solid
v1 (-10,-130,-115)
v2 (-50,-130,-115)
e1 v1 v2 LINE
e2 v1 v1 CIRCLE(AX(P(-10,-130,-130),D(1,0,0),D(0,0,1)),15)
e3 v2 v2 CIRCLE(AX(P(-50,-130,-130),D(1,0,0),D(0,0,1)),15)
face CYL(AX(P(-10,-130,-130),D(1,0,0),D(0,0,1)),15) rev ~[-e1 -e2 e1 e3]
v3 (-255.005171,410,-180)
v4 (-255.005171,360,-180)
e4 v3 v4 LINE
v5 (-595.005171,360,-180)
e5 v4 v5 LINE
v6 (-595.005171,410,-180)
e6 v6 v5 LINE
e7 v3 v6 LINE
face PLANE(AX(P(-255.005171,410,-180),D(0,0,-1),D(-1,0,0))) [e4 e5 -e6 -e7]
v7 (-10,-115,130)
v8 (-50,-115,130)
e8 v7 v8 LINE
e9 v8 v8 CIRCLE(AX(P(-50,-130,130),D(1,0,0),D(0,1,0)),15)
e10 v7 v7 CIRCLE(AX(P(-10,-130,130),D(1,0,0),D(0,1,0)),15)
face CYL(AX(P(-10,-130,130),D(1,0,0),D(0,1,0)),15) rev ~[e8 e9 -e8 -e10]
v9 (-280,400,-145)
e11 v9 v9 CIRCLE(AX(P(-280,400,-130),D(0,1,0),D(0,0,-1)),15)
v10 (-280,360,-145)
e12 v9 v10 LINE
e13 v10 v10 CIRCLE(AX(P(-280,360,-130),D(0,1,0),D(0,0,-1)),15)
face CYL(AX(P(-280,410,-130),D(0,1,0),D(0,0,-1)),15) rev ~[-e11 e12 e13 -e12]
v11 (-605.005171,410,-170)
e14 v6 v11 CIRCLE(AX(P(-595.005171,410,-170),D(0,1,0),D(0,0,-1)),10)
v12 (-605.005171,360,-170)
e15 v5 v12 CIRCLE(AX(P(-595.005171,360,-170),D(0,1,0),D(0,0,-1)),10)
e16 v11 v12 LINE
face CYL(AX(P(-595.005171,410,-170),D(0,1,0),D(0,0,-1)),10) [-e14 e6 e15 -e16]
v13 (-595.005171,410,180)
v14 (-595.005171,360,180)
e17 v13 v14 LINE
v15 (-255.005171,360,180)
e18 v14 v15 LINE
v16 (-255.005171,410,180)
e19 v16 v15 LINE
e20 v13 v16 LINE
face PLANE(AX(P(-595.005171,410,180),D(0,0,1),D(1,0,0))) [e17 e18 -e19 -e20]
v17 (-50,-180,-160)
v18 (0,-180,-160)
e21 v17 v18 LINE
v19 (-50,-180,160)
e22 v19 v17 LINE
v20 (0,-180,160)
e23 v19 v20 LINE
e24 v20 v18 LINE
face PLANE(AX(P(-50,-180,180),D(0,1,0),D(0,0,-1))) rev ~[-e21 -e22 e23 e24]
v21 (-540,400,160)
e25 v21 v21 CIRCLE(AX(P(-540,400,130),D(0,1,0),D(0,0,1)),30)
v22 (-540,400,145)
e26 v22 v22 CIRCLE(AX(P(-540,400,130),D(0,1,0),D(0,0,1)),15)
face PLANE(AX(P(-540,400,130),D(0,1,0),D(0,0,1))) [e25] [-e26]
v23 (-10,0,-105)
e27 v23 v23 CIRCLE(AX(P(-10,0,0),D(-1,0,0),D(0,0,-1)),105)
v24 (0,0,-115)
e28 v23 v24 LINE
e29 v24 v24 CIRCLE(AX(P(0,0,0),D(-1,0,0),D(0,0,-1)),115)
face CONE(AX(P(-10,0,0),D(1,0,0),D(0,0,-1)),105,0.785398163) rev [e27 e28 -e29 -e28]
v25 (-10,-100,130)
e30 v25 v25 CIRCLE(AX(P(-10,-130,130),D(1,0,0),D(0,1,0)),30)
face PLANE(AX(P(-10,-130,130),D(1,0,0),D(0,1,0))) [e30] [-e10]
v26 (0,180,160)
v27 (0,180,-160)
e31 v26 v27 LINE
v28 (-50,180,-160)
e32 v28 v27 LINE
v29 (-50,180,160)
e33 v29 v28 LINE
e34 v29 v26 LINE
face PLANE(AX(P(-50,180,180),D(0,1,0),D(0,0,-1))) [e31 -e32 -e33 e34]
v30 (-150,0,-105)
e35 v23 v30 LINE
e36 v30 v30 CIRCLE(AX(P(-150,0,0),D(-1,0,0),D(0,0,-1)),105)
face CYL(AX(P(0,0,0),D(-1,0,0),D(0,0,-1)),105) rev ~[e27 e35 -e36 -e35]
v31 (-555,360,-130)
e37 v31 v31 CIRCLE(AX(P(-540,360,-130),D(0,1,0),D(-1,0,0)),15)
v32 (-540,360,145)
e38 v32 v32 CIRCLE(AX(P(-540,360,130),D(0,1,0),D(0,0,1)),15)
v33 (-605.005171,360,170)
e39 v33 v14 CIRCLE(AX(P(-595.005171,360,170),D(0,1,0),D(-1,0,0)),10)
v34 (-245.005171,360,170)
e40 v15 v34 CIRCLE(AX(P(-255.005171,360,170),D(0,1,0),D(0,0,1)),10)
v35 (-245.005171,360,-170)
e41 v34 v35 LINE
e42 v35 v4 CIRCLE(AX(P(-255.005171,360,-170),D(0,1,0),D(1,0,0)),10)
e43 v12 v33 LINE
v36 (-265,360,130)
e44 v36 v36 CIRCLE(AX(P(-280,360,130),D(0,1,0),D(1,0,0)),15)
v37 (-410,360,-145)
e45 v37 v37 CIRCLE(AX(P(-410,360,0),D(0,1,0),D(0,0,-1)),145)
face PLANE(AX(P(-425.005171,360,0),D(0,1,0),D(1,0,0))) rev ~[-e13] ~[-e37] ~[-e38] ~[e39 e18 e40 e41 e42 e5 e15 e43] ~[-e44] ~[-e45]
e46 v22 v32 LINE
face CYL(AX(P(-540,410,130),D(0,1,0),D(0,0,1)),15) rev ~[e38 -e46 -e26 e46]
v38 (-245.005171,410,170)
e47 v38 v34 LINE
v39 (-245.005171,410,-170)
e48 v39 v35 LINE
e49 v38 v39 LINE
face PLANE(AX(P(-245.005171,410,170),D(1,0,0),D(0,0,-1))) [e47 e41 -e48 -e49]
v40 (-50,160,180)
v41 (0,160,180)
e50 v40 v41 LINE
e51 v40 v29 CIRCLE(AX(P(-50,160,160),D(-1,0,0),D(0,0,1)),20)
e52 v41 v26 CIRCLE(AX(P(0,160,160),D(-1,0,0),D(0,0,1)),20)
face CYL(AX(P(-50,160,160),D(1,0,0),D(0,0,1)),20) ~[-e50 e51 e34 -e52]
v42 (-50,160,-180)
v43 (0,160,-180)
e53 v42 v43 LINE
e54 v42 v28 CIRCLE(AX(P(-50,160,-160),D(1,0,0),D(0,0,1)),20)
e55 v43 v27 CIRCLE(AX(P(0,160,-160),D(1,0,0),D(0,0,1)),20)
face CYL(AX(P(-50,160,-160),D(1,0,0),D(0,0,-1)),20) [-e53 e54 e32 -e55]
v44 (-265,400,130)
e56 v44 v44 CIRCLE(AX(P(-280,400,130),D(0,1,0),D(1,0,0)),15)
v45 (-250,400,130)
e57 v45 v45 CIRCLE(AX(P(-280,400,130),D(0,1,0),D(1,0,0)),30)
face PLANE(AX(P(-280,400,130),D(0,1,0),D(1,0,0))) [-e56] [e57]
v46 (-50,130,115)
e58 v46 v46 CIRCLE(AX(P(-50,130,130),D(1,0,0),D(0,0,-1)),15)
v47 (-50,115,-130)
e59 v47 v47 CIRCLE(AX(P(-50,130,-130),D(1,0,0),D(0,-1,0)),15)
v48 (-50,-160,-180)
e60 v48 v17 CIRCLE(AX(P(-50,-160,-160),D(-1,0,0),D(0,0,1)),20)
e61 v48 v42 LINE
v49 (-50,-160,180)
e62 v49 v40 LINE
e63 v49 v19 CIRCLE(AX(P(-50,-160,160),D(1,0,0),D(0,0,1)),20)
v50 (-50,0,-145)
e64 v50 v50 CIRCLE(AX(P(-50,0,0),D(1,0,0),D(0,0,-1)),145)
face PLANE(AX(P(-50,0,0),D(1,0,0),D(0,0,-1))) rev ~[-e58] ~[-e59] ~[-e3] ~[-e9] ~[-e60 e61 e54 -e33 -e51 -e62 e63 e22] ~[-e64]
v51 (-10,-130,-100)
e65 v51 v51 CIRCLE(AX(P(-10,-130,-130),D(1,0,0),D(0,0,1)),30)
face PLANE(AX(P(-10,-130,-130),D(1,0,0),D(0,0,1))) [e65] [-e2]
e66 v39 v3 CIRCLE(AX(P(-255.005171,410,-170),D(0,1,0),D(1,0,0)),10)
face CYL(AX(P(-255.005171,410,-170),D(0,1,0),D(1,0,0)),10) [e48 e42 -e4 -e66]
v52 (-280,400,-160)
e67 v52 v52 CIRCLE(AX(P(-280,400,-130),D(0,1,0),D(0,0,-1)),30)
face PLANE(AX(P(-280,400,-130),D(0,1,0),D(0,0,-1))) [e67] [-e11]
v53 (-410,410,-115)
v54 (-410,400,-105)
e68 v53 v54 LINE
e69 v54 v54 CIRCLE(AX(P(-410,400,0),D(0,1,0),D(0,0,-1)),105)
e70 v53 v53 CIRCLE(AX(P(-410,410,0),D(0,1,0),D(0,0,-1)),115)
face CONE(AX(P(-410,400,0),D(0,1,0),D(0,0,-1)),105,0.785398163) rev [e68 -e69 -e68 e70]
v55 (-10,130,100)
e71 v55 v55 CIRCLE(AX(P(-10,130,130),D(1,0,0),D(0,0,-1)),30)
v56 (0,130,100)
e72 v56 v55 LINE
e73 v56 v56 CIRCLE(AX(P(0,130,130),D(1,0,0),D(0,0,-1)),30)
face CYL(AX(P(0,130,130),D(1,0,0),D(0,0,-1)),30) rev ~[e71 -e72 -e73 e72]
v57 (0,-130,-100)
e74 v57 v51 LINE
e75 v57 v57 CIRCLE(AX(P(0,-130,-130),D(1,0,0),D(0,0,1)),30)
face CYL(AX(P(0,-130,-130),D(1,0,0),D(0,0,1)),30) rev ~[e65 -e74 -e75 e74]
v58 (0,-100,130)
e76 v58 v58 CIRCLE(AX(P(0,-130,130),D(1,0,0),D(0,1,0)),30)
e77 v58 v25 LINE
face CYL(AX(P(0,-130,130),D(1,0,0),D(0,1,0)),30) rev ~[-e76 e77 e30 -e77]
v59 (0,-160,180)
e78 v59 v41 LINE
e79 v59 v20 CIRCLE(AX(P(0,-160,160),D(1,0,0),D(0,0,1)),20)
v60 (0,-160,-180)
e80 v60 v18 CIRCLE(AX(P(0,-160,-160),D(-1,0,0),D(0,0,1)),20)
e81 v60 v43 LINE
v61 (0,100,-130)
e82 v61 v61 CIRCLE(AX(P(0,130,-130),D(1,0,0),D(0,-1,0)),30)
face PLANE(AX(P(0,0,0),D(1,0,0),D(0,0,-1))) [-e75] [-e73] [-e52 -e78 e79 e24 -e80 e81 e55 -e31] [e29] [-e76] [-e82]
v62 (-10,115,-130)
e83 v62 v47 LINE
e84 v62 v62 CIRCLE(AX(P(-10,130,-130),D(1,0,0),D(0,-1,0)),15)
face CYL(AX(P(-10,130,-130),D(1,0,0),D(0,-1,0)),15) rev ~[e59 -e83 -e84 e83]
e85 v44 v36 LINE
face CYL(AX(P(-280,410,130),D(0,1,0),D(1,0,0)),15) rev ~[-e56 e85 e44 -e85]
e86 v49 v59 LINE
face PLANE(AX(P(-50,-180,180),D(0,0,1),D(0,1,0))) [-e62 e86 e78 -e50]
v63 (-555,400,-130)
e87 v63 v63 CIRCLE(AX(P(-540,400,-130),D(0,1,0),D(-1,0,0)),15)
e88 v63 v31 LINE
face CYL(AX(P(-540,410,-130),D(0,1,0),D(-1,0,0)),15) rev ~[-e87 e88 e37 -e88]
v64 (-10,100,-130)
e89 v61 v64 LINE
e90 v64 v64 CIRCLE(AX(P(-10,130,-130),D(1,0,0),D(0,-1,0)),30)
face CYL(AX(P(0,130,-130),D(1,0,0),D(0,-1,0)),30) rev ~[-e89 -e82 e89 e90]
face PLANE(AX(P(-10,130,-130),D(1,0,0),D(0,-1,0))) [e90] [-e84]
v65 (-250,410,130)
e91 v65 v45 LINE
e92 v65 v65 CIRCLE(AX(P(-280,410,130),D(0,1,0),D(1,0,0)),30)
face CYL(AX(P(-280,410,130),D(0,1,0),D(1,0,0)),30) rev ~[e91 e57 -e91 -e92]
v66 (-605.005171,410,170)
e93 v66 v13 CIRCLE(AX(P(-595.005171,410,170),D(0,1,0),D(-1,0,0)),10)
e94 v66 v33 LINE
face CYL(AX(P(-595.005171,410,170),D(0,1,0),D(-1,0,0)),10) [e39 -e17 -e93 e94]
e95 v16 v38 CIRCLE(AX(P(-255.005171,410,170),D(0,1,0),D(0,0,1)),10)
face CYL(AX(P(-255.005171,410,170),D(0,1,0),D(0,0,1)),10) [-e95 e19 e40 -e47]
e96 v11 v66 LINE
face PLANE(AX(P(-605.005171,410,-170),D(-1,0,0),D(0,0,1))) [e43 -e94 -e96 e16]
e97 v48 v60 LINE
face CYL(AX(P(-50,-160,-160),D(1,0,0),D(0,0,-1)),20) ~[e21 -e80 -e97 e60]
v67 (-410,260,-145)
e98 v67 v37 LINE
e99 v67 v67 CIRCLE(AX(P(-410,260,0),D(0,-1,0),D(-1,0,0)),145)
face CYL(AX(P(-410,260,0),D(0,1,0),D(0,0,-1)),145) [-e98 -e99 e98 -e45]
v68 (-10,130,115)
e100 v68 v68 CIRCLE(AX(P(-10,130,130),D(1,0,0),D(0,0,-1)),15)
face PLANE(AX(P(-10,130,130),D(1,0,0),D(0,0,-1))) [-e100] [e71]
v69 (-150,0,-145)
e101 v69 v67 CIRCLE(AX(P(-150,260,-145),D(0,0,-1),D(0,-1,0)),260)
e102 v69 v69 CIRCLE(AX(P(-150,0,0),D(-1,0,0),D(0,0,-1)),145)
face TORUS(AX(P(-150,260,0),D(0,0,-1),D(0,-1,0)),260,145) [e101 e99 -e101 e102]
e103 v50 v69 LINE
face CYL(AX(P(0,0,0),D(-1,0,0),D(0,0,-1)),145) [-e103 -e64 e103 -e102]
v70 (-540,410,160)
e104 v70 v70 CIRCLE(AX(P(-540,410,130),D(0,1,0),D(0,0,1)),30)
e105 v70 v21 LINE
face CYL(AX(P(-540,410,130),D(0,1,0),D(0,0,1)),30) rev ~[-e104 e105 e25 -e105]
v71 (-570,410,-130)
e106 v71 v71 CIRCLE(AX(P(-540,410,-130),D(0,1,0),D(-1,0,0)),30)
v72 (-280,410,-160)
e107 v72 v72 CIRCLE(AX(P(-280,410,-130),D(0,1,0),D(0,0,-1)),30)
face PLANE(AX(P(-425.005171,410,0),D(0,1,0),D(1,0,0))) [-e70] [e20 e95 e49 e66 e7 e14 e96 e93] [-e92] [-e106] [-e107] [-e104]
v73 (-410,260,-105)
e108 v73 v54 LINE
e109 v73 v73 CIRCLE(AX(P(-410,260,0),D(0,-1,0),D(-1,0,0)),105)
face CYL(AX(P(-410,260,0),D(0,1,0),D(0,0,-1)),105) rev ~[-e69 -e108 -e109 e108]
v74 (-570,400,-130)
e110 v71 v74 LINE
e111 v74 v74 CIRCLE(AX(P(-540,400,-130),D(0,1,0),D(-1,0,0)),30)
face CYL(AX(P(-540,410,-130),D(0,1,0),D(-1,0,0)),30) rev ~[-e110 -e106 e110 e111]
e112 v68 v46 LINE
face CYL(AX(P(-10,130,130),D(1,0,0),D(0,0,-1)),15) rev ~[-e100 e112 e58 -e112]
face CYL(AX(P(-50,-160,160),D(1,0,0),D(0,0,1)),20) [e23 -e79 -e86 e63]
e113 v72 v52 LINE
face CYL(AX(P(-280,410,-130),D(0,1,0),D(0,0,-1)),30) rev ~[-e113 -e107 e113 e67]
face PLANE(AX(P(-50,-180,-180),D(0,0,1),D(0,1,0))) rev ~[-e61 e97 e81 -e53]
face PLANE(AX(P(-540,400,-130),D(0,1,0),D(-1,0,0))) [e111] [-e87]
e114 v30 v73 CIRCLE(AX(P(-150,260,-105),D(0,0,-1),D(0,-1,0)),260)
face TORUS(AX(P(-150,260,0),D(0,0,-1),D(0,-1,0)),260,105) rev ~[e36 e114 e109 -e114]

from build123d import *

# Parameters (mm, degrees)
SKETCH2_R           = 145
SKETCH2_R_2         = 105
BOSS_EXTRUDE2_START = -50
SKETCH3_W           = 360
SKETCH3_H           = 360
SKETCH3_R           = 145
BOSS_EXTRUDE2_DEPTH = 50
FILLET4_R           = 20
SKETCH4_R           = 145
BOSS_EXTRUDE3_DEPTH = 50
SKETCH6_R           = 30
CUT_EXTRUDE1_DEPTH  = 10
CUT_EXTRUDE2_REACH  = 746.668
SKETCH7_R           = 15
CIRPATTERN1_COUNT   = 4
SKETCH9_R           = 30
CUT_EXTRUDE4_DEPTH  = 10
CUT_EXTRUDE5_REACH  = 866.02
SKETCH11_R          = 15
CIRPATTERN3_COUNT   = 4
CHAMFER1_SIZE       = 10


with BuildPart() as part:
    # Sweep-Thin1: sweep along a path in Sketch1
    with BuildLine(Plane.XY) as sweep_thin1_path:
        Line((0, 0), (-150, 0))
        ThreePointArc((-150, 0), (-333.847763109, 76.152236891), (-410, 260))
        Line((-410, 260), (-410, 410))
    # Sketch2 → Sweep-Thin1 (sweep)
    with BuildSketch(Plane(origin=(0, 0, 0), x_dir=(0, 0, -1), z_dir=(1, 0, 0))):
        Circle(SKETCH2_R)
        Circle(SKETCH2_R_2, mode=Mode.SUBTRACT)
    sweep(path=sweep_thin1_path.line)

    # Sketch3 → Boss-Extrude2 (add)
    with BuildSketch(Plane(origin=(0, 0, 0), x_dir=(0, 0, -1), z_dir=(1, 0, 0)).offset(BOSS_EXTRUDE2_START)):
        Rectangle(SKETCH3_W, SKETCH3_H)
        with Locations(Location((0, 0, 0), (0, 0, 270))):
            Circle(SKETCH3_R, mode=Mode.SUBTRACT)
    extrude(amount=BOSS_EXTRUDE2_DEPTH)

    # Fillet4
    fillet4_edges = [part.edges().sort_by_distance(p)[0] for p in [
        (-25, 180, -180),
        (-25, -180, -180),
        (-25, -180, 180),
        (-25, 180, 180),
    ]]
    fillet(fillet4_edges, radius=FILLET4_R)

    # Sketch4 → Boss-Extrude3 (add)
    with BuildSketch(Plane(origin=(0, 410, 0), x_dir=(1, 0, 0), z_dir=(0, 1, 0))):
        with BuildLine():
            Line((-255.005170931, 180), (-595.005170931, 180))
            ThreePointArc((-595.005170931, 180), (-602.076238742, 177.071067812), (-605.005170931, 170))
            Line((-605.005170931, 170), (-605.005170931, -170))
            ThreePointArc((-605.005170931, -170), (-602.076238742, -177.071067812), (-595.005170931, -180))
            Line((-595.005170931, -180), (-255.005170931, -180))
            ThreePointArc((-255.005170931, -180), (-247.934103119, -177.071067812), (-245.005170931, -170))
            Line((-245.005170931, -170), (-245.005170931, 170))
            ThreePointArc((-245.005170931, 170), (-247.934103119, 177.071067812), (-255.005170931, 180))
        make_face()
        with Locations(Location((-410, 0, 0), (0, 0, 180))):
            Circle(SKETCH4_R, mode=Mode.SUBTRACT)
    extrude(amount=-BOSS_EXTRUDE3_DEPTH)

    # Sketch6 → Cut-Extrude1 (cut)
    with BuildSketch(Plane(origin=(0, 0, 0), x_dir=(0, 0, -1), z_dir=(1, 0, 0))):
        with Locations((-130, 130)):
            Circle(SKETCH6_R)
    cut_extrude1 = extrude(amount=-CUT_EXTRUDE1_DEPTH, mode=Mode.SUBTRACT)

    # Sketch7 → Cut-Extrude2 (cut, up to next)
    with BuildSketch(Plane(origin=(-10, 0, 0), x_dir=(0, 0, -1), z_dir=(1, 0, 0)), mode=Mode.PRIVATE) as cut_extrude2_sk1:
        with Locations((-130, 130)):
            Circle(SKETCH7_R)
    cut_extrude2_tool1 = extrude(cut_extrude2_sk1.sketch, amount=-CUT_EXTRUDE2_REACH, mode=Mode.PRIVATE) & part.part
    cut_extrude2 = cut_extrude2_tool1.solids().sort_by_distance((-10, 130, 130))[0]
    add(cut_extrude2, mode=Mode.SUBTRACT)

    # CirPattern1: Cut-Extrude1, Cut-Extrude2 ×4 about axis
    cirpattern1_axis = Axis((0, 0, 0), (1, 0, 0))
    add([cut_extrude1.rotate(cirpattern1_axis, i * 360 / CIRPATTERN1_COUNT) for i in range(1, CIRPATTERN1_COUNT)], mode=Mode.SUBTRACT)
    add([cut_extrude2.rotate(cirpattern1_axis, i * 360 / CIRPATTERN1_COUNT) for i in range(1, CIRPATTERN1_COUNT)], mode=Mode.SUBTRACT)

    # Sketch9 → Cut-Extrude4 (cut)
    with BuildSketch(Plane(origin=(0, 410, 0), x_dir=(1, 0, 0), z_dir=(0, 1, 0))):
        with Locations(Location((-540, 130, 0), (0, 0, 180))):
            Circle(SKETCH9_R)
    cut_extrude4 = extrude(amount=-CUT_EXTRUDE4_DEPTH, mode=Mode.SUBTRACT)

    # Sketch11 → Cut-Extrude5 (cut, up to next)
    with BuildSketch(Plane(origin=(0, 410, 0), x_dir=(1, 0, 0), z_dir=(0, 1, 0)), mode=Mode.PRIVATE) as cut_extrude5_sk1:
        with Locations(Location((-540, 130, 0), (0, 0, 180))):
            Circle(SKETCH11_R)
    cut_extrude5_tool1 = extrude(cut_extrude5_sk1.sketch, amount=-CUT_EXTRUDE5_REACH, mode=Mode.PRIVATE) & part.part
    cut_extrude5 = cut_extrude5_tool1.solids().sort_by_distance((-540, 410, -130))[0]
    add(cut_extrude5, mode=Mode.SUBTRACT)

    # CirPattern3: Cut-Extrude4, Cut-Extrude5 ×4 about axis
    cirpattern3_axis = Axis((-410, 0, 0), (0, 1, 0))
    add([cut_extrude4.rotate(cirpattern3_axis, i * 360 / CIRPATTERN3_COUNT) for i in range(1, CIRPATTERN3_COUNT)], mode=Mode.SUBTRACT)
    add([cut_extrude5.rotate(cirpattern3_axis, i * 360 / CIRPATTERN3_COUNT) for i in range(1, CIRPATTERN3_COUNT)], mode=Mode.SUBTRACT)

    # Chamfer1
    chamfer1_edges = [part.edges().sort_by_distance(p)[0] for p in [
        (0, 0, 105),
        (-410, 410, 105),
    ]]
    chamfer(chamfer1_edges, length=CHAMFER1_SIZE)


solid = part.part
